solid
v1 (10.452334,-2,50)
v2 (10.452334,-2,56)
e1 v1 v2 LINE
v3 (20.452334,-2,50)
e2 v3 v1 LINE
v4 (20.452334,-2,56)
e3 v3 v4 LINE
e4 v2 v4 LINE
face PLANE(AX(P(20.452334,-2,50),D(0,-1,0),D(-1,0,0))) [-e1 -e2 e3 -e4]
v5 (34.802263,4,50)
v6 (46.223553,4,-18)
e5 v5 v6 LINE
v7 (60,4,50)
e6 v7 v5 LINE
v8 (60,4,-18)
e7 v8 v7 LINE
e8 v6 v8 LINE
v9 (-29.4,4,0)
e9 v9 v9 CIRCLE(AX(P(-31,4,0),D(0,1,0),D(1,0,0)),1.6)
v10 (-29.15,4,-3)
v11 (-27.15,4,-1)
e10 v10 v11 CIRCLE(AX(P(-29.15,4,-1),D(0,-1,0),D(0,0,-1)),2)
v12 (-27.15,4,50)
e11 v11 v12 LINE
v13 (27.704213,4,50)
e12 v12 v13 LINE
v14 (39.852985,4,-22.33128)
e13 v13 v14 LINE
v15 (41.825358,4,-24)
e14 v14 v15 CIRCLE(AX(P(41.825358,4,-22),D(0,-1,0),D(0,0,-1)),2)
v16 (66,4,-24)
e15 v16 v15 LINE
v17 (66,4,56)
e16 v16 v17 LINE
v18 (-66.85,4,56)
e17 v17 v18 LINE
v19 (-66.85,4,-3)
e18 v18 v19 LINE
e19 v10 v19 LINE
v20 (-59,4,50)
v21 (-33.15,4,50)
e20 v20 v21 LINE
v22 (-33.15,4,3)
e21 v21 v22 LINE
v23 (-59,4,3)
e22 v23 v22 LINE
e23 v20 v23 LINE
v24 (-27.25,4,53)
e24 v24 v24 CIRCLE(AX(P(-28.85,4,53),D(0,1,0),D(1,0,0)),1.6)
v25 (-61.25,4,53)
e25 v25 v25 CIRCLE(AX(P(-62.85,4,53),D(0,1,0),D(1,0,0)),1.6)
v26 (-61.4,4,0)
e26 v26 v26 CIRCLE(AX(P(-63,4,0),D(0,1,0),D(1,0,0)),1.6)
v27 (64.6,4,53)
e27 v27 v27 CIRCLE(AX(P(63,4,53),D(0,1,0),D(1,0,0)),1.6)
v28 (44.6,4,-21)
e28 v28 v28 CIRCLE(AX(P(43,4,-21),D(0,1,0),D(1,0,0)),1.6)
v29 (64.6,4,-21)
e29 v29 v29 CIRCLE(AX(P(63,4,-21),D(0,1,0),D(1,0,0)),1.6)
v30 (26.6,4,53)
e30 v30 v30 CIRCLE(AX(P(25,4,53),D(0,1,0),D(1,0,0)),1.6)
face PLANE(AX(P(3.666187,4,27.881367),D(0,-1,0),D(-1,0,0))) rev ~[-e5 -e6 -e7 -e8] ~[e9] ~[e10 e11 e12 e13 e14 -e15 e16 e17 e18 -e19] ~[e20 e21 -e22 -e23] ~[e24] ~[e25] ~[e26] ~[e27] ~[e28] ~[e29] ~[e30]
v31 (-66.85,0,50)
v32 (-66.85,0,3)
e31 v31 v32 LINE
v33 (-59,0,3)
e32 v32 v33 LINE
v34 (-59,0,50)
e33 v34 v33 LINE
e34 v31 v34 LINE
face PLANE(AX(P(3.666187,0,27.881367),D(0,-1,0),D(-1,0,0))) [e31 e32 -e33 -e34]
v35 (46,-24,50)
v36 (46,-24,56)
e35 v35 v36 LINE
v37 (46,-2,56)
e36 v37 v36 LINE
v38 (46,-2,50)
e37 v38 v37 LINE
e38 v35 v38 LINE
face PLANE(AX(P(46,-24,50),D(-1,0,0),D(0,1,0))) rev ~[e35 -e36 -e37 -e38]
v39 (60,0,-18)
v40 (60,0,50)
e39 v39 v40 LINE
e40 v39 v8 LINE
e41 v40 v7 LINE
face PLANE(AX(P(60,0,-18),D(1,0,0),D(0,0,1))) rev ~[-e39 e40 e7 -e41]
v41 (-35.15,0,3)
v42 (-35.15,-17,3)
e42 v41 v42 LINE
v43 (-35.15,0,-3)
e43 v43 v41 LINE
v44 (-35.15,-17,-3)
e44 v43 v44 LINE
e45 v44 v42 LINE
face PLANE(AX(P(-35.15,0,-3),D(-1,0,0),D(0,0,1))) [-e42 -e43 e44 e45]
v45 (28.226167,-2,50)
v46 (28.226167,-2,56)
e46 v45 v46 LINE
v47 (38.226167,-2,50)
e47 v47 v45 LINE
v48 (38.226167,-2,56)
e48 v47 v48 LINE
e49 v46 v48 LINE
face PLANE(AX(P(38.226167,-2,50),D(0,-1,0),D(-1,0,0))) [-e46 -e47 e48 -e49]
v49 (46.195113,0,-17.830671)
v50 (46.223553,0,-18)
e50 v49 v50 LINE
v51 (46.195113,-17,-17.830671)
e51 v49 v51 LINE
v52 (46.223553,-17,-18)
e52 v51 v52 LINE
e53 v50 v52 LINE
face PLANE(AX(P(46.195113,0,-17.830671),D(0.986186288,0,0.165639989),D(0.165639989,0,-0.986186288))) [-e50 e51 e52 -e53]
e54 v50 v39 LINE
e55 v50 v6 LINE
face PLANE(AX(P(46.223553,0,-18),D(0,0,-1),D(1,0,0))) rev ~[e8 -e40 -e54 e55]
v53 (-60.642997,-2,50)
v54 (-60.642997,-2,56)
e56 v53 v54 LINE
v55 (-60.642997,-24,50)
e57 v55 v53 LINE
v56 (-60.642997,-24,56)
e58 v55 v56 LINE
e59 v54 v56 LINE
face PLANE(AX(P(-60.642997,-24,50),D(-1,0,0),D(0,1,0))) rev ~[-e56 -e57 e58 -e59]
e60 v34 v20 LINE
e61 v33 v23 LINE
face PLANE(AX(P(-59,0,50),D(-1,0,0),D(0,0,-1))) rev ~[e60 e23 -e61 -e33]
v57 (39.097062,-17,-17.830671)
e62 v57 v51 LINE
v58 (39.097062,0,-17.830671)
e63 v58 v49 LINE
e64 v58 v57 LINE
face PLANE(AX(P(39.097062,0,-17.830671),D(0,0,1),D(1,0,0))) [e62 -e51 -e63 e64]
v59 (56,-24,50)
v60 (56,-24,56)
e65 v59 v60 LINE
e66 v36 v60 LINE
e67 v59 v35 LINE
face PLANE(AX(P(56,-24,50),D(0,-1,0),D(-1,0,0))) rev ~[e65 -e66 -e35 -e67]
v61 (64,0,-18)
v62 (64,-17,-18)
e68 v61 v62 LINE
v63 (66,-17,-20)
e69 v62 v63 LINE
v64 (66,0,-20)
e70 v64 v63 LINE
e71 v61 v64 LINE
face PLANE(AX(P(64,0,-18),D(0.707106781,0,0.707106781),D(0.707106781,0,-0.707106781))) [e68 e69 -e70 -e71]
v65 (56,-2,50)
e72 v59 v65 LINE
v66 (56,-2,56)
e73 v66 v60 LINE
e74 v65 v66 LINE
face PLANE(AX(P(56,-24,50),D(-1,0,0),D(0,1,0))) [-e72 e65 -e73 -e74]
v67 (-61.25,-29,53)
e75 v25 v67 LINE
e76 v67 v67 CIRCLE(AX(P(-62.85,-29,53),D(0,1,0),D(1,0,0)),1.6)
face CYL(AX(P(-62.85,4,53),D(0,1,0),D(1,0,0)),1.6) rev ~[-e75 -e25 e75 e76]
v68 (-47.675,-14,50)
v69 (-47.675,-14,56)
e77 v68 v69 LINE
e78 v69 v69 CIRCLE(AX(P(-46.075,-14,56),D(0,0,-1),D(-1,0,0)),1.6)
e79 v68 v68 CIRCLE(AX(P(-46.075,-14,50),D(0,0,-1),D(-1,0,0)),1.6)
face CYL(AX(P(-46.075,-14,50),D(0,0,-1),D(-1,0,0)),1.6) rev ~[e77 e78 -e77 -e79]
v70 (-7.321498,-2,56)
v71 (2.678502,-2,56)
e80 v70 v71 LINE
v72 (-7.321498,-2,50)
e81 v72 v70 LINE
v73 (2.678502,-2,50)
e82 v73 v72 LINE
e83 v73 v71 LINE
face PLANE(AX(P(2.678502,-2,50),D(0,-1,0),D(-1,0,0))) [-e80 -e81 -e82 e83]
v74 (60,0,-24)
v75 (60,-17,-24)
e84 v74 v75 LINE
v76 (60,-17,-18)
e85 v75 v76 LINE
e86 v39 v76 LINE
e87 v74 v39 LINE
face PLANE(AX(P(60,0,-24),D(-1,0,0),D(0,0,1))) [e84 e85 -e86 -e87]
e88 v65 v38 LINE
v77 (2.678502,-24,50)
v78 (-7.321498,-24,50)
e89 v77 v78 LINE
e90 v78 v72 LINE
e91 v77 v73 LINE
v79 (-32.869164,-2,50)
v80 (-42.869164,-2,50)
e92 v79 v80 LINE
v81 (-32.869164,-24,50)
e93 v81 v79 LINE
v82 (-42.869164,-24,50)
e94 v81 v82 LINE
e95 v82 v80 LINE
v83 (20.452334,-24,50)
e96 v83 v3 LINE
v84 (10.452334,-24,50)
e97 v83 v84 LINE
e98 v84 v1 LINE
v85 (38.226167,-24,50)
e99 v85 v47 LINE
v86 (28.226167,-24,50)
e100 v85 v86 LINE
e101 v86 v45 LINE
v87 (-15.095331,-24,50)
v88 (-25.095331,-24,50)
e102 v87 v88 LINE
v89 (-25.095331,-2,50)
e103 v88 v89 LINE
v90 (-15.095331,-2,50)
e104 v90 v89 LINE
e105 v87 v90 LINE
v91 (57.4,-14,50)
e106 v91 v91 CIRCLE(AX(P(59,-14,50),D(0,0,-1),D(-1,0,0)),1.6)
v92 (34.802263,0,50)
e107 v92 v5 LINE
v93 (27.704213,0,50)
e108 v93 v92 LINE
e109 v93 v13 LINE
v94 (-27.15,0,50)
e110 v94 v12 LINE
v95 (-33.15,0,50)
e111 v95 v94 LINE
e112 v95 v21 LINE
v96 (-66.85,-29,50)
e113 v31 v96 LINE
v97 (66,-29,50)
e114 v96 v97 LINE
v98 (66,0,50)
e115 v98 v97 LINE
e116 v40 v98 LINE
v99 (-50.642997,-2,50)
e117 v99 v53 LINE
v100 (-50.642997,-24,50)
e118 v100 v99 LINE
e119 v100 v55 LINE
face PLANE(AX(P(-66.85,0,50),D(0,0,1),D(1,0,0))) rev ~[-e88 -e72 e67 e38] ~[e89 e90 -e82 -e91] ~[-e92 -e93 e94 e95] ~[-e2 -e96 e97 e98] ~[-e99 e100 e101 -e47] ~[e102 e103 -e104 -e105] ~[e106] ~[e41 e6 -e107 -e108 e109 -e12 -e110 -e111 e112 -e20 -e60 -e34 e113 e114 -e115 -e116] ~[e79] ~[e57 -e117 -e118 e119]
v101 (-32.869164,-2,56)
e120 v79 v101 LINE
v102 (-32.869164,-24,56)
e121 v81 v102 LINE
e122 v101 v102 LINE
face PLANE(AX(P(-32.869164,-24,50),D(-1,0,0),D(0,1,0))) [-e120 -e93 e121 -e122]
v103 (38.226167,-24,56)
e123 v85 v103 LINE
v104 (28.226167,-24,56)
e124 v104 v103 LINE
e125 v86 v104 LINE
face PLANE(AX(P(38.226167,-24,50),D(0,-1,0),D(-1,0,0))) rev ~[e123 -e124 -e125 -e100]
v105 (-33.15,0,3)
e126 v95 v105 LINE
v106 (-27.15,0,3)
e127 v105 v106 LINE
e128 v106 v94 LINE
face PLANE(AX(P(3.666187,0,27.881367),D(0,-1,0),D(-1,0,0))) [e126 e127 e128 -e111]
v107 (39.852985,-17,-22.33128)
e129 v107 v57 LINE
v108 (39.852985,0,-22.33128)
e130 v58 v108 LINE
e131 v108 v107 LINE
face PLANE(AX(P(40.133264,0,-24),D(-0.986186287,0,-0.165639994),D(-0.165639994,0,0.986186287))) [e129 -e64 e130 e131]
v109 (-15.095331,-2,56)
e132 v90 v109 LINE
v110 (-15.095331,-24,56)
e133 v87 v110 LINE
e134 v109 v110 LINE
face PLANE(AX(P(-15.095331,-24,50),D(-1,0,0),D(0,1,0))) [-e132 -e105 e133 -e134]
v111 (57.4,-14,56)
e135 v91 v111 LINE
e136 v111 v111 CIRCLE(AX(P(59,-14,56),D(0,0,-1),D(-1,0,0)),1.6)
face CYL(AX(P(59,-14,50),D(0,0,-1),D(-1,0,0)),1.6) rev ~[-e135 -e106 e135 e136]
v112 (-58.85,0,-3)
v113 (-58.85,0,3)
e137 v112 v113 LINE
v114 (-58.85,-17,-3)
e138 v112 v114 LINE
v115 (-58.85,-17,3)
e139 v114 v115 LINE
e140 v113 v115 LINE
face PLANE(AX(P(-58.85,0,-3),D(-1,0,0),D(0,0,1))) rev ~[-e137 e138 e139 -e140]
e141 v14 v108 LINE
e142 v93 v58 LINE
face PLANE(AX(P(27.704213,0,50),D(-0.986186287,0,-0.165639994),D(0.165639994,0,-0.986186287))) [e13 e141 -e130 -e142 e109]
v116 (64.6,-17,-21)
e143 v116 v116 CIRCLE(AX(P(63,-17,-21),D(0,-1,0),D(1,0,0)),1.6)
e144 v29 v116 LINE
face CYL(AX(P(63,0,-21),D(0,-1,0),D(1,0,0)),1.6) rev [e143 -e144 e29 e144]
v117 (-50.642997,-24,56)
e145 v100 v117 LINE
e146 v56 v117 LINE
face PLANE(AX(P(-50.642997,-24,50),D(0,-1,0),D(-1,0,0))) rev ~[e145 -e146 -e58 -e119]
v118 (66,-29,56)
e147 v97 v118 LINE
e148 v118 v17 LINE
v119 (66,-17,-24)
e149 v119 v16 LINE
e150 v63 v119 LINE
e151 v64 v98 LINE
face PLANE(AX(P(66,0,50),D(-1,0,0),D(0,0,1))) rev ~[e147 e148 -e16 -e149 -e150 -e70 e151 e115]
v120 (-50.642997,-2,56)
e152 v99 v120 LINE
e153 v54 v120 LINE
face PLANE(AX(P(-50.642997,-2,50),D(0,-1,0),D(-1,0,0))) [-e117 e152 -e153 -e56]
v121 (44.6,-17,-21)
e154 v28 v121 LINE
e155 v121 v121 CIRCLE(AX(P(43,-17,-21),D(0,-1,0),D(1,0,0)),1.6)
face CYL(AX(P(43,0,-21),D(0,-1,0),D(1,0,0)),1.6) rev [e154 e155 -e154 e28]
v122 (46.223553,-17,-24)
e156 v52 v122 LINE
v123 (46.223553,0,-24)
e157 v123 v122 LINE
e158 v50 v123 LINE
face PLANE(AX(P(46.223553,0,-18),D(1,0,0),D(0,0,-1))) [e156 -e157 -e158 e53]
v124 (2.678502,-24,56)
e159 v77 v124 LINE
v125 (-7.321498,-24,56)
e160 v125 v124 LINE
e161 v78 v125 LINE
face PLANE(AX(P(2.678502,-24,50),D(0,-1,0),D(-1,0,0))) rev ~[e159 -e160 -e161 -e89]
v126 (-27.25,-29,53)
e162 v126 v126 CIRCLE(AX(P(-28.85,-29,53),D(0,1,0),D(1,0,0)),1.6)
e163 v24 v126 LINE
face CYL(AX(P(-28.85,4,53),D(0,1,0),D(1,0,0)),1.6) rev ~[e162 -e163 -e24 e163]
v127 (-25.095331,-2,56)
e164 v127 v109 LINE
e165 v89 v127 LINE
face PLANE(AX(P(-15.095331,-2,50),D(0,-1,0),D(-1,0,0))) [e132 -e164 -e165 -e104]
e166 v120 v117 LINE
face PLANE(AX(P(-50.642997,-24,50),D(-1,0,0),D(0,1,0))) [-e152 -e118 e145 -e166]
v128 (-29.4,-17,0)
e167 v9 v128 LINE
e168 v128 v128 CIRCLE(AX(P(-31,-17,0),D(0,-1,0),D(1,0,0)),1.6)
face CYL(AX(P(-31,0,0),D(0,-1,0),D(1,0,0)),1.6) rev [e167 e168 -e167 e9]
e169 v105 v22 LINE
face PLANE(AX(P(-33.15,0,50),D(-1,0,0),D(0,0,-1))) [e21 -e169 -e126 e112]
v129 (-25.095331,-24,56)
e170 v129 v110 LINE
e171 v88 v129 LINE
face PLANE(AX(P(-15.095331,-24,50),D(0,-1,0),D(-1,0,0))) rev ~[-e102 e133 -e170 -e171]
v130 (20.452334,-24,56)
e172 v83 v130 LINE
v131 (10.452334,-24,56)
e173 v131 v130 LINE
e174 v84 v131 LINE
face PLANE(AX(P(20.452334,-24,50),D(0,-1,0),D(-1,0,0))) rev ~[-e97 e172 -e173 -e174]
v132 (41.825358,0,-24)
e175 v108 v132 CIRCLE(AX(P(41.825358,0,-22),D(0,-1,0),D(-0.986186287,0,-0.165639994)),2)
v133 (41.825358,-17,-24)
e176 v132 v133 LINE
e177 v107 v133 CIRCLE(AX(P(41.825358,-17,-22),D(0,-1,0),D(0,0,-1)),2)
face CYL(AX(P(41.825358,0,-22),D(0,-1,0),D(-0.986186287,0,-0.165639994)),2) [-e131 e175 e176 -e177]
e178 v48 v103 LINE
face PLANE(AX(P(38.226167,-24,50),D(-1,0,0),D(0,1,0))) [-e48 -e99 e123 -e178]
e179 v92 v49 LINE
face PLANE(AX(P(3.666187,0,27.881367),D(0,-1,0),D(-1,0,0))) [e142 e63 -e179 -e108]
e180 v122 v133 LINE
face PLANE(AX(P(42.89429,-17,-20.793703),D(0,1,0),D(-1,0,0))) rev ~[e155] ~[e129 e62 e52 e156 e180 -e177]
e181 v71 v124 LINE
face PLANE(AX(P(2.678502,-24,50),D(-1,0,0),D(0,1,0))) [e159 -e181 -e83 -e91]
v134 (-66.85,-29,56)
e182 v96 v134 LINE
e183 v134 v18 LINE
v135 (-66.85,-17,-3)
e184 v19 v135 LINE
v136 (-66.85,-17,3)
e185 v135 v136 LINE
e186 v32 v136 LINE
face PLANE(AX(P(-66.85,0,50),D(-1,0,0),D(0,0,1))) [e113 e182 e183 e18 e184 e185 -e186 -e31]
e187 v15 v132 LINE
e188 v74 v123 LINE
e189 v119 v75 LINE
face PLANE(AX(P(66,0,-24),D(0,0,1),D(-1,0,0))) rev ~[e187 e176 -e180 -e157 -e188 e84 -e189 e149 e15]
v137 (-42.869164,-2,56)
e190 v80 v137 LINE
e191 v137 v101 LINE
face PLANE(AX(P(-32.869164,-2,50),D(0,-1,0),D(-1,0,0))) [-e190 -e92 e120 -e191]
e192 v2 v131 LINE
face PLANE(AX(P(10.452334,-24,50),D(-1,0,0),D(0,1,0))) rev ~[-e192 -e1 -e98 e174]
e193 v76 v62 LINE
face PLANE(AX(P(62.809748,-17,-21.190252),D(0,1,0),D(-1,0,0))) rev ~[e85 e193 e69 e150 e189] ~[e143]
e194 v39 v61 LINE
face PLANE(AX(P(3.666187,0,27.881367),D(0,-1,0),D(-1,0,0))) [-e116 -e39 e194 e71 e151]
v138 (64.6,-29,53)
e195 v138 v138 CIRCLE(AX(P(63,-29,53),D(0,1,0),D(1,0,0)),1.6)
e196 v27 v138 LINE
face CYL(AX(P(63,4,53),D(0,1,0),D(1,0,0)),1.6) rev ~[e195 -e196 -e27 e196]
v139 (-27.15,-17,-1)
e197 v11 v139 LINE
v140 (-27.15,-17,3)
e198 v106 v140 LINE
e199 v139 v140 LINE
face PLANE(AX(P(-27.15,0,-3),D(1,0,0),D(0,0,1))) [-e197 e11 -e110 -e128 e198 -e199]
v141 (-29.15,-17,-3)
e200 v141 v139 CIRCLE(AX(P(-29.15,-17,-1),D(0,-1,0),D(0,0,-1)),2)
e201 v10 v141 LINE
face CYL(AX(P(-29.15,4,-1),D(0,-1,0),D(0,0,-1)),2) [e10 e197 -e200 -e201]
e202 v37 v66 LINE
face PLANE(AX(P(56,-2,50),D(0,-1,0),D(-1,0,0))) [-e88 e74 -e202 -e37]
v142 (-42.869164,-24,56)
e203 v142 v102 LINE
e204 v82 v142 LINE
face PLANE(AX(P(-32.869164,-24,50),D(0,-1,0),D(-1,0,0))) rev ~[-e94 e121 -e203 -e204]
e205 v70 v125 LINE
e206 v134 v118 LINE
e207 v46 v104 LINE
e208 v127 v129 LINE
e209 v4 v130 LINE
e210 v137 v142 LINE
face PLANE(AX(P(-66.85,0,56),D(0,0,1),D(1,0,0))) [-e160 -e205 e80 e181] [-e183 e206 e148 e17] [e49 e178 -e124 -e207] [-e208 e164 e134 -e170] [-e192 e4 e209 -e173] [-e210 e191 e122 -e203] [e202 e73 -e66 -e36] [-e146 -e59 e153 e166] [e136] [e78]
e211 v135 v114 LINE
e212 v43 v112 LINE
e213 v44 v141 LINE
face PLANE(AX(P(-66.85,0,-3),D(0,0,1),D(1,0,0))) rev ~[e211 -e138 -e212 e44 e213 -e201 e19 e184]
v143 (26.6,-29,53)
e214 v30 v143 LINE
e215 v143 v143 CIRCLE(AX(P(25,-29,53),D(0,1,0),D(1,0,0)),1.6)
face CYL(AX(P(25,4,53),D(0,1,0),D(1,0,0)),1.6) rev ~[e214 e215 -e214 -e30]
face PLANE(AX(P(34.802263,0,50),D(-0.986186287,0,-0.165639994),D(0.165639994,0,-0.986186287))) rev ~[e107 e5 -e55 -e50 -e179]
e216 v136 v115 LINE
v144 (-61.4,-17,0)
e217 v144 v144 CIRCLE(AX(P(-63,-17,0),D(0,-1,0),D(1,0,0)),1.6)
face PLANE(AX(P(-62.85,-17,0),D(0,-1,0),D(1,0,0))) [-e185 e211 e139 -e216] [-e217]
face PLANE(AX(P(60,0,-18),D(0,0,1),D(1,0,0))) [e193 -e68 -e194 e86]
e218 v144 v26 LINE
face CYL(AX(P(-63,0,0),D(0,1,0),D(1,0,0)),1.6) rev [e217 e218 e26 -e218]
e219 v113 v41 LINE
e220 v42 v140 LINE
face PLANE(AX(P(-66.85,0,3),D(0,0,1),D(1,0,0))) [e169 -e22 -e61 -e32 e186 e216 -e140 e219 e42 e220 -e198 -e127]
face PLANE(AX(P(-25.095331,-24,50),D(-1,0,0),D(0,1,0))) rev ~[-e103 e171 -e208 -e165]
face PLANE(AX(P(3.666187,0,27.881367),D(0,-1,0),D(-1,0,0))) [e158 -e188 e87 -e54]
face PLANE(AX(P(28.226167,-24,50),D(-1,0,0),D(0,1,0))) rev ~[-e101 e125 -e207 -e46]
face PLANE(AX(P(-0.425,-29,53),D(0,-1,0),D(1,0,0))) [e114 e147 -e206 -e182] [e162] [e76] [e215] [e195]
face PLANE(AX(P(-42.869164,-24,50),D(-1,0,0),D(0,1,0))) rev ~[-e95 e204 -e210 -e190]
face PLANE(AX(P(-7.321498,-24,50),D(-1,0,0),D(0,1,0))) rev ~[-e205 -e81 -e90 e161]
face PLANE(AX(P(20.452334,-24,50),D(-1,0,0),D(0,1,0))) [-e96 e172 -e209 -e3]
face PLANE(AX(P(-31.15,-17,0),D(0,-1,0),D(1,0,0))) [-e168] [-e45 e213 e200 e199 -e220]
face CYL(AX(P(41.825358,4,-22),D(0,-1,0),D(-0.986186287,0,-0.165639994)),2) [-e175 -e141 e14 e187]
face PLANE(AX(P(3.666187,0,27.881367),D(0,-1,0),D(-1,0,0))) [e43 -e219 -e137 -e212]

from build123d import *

# Parameters (mm, degrees)
SKETCH_1_R          = 1.6
SKETCH_1_W          = 25.85
SKETCH_1_H          = 47
EXTRUDE_1_DEPTH     = 4
SKETCH_2_W          = 8
SKETCH_2_H          = 6
SKETCH_2_R          = 1.6
EXTRUDE_2_DEPTH     = 17
FILLET_1_R          = 2
SKETCH_3_W          = 132.85
SKETCH_3_H          = 6
EXTRUDE_3_DEPTH     = 29
SKETCH_4_W          = 10
SKETCH_4_H          = 22
CUT_EXTRUDE_1_DEPTH = 7
SKETCH_5_R          = 1.6
CUT_EXTRUDE_2_DEPTH = 34
SKETCH_6_R          = 1.6
CUT_EXTRUDE_3_DEPTH = 7


with BuildPart() as part:
    # Эскиз1 → Бобышка-Вытянуть1 (new body)
    with BuildSketch(Plane(origin=(0, 0, 0), x_dir=(1, 0, 0), z_dir=(0, 1, 0))):
        Polygon((66, 24), (66, -56), (-66.85, -56), (-66.85, 3), (-59.15, 3), (-34.85, 3), (-27.15, 3), (-27.15, -50), (27.704212942, -50), (40.133263836, 24), (60, 24), align=None)
        with Locations((63, 21)):
            Circle(SKETCH_1_R, mode=Mode.SUBTRACT)
        with Locations((-63, 0)):
            Circle(SKETCH_1_R, mode=Mode.SUBTRACT)
        with Locations((-31, 0)):
            Circle(SKETCH_1_R, mode=Mode.SUBTRACT)
        with Locations((43, 21)):
            Circle(SKETCH_1_R, mode=Mode.SUBTRACT)
        with Locations((-46.075, -26.5)):
            Rectangle(SKETCH_1_W, SKETCH_1_H, mode=Mode.SUBTRACT)
        Polygon((60, 18), (60, -50), (34.802263374, -50), (46.223553385, 18), align=None, mode=Mode.SUBTRACT)
    extrude(amount=EXTRUDE_1_DEPTH)

    # Эскиз2 → Бобышка-Вытянуть2 (add)
    with BuildSketch(Plane.XZ):
        with Locations((-62.85, 0)):
            Rectangle(SKETCH_2_W, SKETCH_2_H)
        with Locations((-63, 0)):
            Circle(SKETCH_2_R, mode=Mode.SUBTRACT)
        Polygon((66, -20), (66, -24), (60, -24), (60, -18), (64, -18), align=None)
        with Locations((63, -21)):
            Circle(SKETCH_2_R, mode=Mode.SUBTRACT)
        with Locations((-31.15, 0)):
            Rectangle(SKETCH_2_W, SKETCH_2_H)
        with Locations((-31, 0)):
            Circle(SKETCH_2_R, mode=Mode.SUBTRACT)
        Polygon((46.223553385, -18), (46.223553385, -24), (40.133263836, -24), (39.097062378, -17.830670696), (46.195112811, -17.830670696), align=None)
        with Locations((43, -21)):
            Circle(SKETCH_2_R, mode=Mode.SUBTRACT)
    extrude(amount=EXTRUDE_2_DEPTH)

    # Скругление1
    fillet_1_edges = [part.edges().sort_by_distance(p)[0] for p in [
        (-27.15, -6.5, -3),
        (40.133263836, -6.5, -24),
    ]]
    fillet(fillet_1_edges, radius=FILLET_1_R)

    # Эскиз3 → Бобышка-Вытянуть3 (add)
    with BuildSketch(Plane.XZ):
        with Locations((-0.425, 53)):
            Rectangle(SKETCH_3_W, SKETCH_3_H)
    extrude(amount=EXTRUDE_3_DEPTH)

    # Эскиз4 → Вырез-Вытянуть1 (cut, through all)
    with BuildSketch(Plane(origin=(0, 0, 50), x_dir=(-1, 0, 0), z_dir=(0, 0, -1))):
        with Locations((20.095331259, -13)):
            Rectangle(SKETCH_4_W, SKETCH_4_H)
        with Locations((2.321498445, -13)):
            Rectangle(SKETCH_4_W, SKETCH_4_H)
        with Locations((-15.45233437, -13)):
            Rectangle(SKETCH_4_W, SKETCH_4_H)
        with Locations((-33.226167185, -13)):
            Rectangle(SKETCH_4_W, SKETCH_4_H)
        with Locations((-51, -13)):
            Rectangle(SKETCH_4_W, SKETCH_4_H)
        with Locations((37.869164074, -13)):
            Rectangle(SKETCH_4_W, SKETCH_4_H)
        with Locations((55.642996889, -13)):
            Rectangle(SKETCH_4_W, SKETCH_4_H)
    extrude(amount=-CUT_EXTRUDE_1_DEPTH, mode=Mode.SUBTRACT)

    # Эскиз5 → Вырез-Вытянуть2 (cut, through all)
    with BuildSketch(Plane(origin=(0, 4, 0), x_dir=(1, 0, 0), z_dir=(0, 1, 0))):
        with Locations((-62.85, -53)):
            Circle(SKETCH_5_R)
        with Locations((-28.85, -53)):
            Circle(SKETCH_5_R)
        with Locations((63, -53)):
            Circle(SKETCH_5_R)
        with Locations((25, -53)):
            Circle(SKETCH_5_R)
    extrude(amount=-CUT_EXTRUDE_2_DEPTH, mode=Mode.SUBTRACT)

    # Эскиз6 → Вырез-Вытянуть3 (cut, through all)
    with BuildSketch(Plane(origin=(0, 0, 50), x_dir=(-1, 0, 0), z_dir=(0, 0, -1))):
        with Locations((46.075, -14)):
            Circle(SKETCH_6_R)
        with Locations((-59, -14)):
            Circle(SKETCH_6_R)
    extrude(amount=-CUT_EXTRUDE_3_DEPTH, mode=Mode.SUBTRACT)


solid = part.part
